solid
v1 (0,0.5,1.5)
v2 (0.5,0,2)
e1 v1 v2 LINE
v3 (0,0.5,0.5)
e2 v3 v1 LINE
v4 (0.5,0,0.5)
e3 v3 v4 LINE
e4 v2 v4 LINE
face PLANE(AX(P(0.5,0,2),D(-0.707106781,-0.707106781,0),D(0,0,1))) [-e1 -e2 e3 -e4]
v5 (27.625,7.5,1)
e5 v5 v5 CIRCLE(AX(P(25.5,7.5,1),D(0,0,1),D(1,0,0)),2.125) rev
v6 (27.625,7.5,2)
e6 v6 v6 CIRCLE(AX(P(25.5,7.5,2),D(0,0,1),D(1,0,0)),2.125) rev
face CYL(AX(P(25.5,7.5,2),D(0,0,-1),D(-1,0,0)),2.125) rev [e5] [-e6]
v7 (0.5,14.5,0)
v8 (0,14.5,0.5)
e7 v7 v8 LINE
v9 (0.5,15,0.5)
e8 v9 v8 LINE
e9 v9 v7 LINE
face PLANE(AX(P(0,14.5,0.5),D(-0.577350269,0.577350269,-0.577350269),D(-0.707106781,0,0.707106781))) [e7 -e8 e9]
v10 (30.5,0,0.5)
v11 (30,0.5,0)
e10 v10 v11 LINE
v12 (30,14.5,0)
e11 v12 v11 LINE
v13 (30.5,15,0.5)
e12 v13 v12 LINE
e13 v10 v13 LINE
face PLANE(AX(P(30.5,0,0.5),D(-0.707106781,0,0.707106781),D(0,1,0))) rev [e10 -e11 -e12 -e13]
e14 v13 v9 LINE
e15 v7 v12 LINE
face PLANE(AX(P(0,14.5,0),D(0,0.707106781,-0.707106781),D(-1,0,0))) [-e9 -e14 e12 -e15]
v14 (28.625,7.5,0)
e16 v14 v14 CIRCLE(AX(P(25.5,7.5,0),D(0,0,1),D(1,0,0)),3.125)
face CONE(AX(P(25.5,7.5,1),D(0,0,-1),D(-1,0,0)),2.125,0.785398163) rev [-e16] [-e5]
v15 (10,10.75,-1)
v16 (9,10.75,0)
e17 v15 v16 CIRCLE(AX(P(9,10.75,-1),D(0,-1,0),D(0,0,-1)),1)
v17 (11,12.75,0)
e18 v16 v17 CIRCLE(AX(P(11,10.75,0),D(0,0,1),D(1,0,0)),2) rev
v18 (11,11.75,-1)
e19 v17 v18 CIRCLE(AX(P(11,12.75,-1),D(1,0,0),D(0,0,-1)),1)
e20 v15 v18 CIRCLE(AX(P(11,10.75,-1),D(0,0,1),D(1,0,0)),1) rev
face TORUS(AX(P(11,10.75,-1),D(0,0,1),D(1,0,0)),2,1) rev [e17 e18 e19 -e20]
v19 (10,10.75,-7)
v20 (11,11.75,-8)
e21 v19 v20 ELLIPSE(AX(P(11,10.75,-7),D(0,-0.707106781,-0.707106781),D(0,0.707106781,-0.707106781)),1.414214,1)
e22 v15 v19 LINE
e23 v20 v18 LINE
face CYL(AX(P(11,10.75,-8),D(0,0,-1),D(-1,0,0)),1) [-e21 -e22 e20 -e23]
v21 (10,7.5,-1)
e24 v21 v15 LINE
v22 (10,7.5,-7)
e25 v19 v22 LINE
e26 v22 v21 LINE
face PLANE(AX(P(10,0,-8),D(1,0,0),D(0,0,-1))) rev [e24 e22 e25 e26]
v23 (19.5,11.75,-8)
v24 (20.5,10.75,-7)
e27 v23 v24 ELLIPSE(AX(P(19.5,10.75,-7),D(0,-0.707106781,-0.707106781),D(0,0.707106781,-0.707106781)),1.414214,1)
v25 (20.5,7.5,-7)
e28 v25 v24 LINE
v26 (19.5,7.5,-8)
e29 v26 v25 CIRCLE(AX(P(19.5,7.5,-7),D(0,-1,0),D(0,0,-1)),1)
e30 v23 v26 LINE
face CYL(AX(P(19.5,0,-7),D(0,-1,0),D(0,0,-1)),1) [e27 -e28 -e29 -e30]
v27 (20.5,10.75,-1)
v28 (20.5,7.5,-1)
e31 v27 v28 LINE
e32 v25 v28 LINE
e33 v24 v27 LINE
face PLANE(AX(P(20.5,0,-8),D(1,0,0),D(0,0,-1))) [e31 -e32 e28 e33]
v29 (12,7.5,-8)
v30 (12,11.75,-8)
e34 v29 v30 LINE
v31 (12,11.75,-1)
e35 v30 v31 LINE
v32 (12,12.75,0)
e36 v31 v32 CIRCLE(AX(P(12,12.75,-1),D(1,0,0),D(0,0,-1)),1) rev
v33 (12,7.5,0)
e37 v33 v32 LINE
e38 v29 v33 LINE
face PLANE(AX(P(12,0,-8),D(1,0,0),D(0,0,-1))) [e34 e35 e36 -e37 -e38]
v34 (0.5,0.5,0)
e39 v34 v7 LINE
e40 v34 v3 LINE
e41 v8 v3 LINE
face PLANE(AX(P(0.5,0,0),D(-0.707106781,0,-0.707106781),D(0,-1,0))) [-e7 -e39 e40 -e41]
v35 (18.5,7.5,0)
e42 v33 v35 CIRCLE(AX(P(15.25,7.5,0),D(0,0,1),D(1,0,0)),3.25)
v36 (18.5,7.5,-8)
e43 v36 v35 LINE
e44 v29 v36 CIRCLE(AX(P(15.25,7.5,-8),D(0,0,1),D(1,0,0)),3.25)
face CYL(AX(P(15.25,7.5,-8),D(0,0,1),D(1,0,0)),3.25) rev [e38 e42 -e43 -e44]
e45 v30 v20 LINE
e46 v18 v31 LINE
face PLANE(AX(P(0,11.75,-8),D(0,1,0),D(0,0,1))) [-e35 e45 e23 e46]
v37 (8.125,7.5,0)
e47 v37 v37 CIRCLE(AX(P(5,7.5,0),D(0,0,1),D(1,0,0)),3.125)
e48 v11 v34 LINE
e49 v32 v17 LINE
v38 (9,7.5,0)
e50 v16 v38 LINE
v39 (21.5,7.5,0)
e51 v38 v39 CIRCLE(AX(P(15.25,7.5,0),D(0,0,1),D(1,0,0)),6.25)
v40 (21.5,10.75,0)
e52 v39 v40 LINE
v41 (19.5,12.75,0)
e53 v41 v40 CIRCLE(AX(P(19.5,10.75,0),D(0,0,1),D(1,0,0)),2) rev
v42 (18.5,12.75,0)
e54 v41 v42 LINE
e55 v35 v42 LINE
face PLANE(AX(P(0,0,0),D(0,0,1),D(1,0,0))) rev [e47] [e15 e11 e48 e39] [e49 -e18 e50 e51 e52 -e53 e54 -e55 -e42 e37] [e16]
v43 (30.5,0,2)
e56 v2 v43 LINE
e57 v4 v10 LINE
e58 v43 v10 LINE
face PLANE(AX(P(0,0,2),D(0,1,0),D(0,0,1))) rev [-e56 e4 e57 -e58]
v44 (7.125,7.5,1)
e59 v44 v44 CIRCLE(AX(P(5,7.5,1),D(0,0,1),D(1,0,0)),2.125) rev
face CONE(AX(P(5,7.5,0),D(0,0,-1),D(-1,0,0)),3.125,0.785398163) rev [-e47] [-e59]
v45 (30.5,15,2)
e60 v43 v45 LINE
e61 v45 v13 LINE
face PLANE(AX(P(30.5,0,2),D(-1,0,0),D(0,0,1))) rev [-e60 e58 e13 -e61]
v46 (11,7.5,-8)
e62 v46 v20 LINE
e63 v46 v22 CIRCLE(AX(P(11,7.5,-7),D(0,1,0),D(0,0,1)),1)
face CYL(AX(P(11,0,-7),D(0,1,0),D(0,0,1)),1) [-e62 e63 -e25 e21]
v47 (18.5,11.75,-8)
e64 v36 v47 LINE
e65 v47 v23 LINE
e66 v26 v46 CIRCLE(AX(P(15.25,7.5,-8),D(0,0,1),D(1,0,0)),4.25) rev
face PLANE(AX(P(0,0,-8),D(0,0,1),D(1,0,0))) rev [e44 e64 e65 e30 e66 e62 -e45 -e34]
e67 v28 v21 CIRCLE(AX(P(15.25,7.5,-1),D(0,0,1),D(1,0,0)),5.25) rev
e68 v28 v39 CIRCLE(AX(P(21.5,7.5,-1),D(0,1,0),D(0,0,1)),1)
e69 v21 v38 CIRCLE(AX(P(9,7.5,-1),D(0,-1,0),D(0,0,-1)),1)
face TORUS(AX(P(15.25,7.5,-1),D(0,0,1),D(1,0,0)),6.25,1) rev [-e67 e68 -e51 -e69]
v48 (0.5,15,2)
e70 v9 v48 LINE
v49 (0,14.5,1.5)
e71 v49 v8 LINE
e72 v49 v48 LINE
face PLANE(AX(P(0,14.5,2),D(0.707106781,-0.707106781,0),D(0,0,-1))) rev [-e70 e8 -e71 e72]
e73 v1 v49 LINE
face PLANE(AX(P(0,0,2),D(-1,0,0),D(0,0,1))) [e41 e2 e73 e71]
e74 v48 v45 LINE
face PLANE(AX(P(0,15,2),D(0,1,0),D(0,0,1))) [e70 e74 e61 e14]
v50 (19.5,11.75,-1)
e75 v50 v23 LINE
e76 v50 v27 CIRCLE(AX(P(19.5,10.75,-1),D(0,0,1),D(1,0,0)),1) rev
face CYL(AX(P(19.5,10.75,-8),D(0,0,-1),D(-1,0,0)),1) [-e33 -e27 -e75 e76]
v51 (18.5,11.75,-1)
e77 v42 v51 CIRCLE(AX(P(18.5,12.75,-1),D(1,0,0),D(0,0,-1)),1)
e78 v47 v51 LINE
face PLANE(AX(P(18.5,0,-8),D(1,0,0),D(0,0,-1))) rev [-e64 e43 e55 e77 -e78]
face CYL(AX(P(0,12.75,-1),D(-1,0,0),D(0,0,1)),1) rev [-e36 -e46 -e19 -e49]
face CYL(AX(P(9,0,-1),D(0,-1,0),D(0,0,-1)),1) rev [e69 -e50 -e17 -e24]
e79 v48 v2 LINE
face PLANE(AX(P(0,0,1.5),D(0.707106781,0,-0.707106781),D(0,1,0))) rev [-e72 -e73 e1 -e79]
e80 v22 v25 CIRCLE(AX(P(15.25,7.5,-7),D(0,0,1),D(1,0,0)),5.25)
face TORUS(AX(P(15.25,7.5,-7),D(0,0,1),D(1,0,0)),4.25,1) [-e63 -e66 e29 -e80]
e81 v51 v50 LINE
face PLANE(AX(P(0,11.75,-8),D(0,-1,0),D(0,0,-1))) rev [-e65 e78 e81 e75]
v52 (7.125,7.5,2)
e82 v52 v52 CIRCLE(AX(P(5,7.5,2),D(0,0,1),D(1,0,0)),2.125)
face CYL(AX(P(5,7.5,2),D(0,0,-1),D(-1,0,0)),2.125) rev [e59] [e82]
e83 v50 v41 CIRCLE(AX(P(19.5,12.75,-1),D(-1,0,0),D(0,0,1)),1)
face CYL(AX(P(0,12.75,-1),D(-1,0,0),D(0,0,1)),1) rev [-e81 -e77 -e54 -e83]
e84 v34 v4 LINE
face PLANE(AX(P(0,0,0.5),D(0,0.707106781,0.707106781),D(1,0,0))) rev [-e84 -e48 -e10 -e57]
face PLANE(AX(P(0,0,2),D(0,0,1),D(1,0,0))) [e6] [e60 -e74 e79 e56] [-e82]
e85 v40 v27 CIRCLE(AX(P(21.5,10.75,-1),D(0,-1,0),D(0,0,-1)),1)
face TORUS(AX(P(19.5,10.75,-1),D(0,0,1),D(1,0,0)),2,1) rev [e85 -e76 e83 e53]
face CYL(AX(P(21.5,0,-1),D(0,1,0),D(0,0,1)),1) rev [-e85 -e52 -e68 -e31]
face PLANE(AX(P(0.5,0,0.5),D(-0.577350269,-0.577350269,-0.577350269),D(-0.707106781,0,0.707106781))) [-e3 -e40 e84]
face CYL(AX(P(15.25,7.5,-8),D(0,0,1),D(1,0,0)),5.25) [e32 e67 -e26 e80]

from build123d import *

# Parameters (mm, degrees)
ESQUISSE1_W        = 30.5
ESQUISSE1_H        = 15
ESQUISSE1_R        = 2.125
BOSS_EXTRU_3_DEPTH = 2
BOSS_EXTRU_4_DEPTH = 8
CONG_3_R           = 1
CHANFREIN2_SIZE    = 1
CHANFREIN3_SIZE    = 0.5


with BuildPart() as part:
    # Esquisse1 → Boss.-Extru.3 (new body)
    with BuildSketch(Plane.XY):
        with Locations((15.25, 7.5)):
            Rectangle(ESQUISSE1_W, ESQUISSE1_H)
        with Locations((5, 7.5)):
            Circle(ESQUISSE1_R, mode=Mode.SUBTRACT)
        with Locations((25.5, 7.5)):
            Circle(ESQUISSE1_R, mode=Mode.SUBTRACT)
    extrude(amount=BOSS_EXTRU_3_DEPTH)

    # Esquisse1<5> → Boss.-Extru.4 (add)
    with BuildSketch(Plane.XY):
        with BuildLine():
            Line((12, 7.5), (12, 11.75))
            Line((12, 11.75), (10, 11.75))
            Line((10, 11.75), (10, 7.5))
            ThreePointArc((10, 7.5), (15.25, 2.25), (20.5, 7.5))
            Line((20.5, 7.5), (20.5, 11.75))
            Line((20.5, 11.75), (18.5, 11.75))
            Line((18.5, 11.75), (18.5, 7.5))
            ThreePointArc((18.5, 7.5), (15.25, 4.25), (12, 7.5))
        make_face()
    extrude(amount=-BOSS_EXTRU_4_DEPTH)

    # Congé3
    cong_3_edges = [part.edges().sort_by_distance(p)[0] for p in [
        (10, 9.625, 0),
        (10, 11.75, -4),
        (19.5, 11.75, 0),
        (20.5, 9.625, -8),
        (20.5, 11.75, -4),
        (15.25, 2.25, -8),
        (10, 9.625, -8),
        (15.25, 2.25, 0),
        (20.5, 9.625, 0),
        (11, 11.75, 0),
    ]]
    fillet(cong_3_edges, radius=CONG_3_R)

    # Chanfrein2
    chanfrein2_edges = [part.edges().sort_by_distance(p)[0] for p in [
        (23.375, 7.5, 0),
        (2.875, 7.5, 0),
    ]]
    chamfer(chanfrein2_edges, length=CHANFREIN2_SIZE)

    # Chanfrein3
    chanfrein3_edges = [part.edges().sort_by_distance(p)[0] for p in [
        (0, 0, 1),
        (0, 15, 1),
        (0, 7.5, 2),
        (0, 7.5, 0),
        (15.25, 15, 0),
        (30.5, 7.5, 0),
        (15.25, 0, 0),
    ]]
    chamfer(chanfrein3_edges, length=CHANFREIN3_SIZE)


solid = part.part
